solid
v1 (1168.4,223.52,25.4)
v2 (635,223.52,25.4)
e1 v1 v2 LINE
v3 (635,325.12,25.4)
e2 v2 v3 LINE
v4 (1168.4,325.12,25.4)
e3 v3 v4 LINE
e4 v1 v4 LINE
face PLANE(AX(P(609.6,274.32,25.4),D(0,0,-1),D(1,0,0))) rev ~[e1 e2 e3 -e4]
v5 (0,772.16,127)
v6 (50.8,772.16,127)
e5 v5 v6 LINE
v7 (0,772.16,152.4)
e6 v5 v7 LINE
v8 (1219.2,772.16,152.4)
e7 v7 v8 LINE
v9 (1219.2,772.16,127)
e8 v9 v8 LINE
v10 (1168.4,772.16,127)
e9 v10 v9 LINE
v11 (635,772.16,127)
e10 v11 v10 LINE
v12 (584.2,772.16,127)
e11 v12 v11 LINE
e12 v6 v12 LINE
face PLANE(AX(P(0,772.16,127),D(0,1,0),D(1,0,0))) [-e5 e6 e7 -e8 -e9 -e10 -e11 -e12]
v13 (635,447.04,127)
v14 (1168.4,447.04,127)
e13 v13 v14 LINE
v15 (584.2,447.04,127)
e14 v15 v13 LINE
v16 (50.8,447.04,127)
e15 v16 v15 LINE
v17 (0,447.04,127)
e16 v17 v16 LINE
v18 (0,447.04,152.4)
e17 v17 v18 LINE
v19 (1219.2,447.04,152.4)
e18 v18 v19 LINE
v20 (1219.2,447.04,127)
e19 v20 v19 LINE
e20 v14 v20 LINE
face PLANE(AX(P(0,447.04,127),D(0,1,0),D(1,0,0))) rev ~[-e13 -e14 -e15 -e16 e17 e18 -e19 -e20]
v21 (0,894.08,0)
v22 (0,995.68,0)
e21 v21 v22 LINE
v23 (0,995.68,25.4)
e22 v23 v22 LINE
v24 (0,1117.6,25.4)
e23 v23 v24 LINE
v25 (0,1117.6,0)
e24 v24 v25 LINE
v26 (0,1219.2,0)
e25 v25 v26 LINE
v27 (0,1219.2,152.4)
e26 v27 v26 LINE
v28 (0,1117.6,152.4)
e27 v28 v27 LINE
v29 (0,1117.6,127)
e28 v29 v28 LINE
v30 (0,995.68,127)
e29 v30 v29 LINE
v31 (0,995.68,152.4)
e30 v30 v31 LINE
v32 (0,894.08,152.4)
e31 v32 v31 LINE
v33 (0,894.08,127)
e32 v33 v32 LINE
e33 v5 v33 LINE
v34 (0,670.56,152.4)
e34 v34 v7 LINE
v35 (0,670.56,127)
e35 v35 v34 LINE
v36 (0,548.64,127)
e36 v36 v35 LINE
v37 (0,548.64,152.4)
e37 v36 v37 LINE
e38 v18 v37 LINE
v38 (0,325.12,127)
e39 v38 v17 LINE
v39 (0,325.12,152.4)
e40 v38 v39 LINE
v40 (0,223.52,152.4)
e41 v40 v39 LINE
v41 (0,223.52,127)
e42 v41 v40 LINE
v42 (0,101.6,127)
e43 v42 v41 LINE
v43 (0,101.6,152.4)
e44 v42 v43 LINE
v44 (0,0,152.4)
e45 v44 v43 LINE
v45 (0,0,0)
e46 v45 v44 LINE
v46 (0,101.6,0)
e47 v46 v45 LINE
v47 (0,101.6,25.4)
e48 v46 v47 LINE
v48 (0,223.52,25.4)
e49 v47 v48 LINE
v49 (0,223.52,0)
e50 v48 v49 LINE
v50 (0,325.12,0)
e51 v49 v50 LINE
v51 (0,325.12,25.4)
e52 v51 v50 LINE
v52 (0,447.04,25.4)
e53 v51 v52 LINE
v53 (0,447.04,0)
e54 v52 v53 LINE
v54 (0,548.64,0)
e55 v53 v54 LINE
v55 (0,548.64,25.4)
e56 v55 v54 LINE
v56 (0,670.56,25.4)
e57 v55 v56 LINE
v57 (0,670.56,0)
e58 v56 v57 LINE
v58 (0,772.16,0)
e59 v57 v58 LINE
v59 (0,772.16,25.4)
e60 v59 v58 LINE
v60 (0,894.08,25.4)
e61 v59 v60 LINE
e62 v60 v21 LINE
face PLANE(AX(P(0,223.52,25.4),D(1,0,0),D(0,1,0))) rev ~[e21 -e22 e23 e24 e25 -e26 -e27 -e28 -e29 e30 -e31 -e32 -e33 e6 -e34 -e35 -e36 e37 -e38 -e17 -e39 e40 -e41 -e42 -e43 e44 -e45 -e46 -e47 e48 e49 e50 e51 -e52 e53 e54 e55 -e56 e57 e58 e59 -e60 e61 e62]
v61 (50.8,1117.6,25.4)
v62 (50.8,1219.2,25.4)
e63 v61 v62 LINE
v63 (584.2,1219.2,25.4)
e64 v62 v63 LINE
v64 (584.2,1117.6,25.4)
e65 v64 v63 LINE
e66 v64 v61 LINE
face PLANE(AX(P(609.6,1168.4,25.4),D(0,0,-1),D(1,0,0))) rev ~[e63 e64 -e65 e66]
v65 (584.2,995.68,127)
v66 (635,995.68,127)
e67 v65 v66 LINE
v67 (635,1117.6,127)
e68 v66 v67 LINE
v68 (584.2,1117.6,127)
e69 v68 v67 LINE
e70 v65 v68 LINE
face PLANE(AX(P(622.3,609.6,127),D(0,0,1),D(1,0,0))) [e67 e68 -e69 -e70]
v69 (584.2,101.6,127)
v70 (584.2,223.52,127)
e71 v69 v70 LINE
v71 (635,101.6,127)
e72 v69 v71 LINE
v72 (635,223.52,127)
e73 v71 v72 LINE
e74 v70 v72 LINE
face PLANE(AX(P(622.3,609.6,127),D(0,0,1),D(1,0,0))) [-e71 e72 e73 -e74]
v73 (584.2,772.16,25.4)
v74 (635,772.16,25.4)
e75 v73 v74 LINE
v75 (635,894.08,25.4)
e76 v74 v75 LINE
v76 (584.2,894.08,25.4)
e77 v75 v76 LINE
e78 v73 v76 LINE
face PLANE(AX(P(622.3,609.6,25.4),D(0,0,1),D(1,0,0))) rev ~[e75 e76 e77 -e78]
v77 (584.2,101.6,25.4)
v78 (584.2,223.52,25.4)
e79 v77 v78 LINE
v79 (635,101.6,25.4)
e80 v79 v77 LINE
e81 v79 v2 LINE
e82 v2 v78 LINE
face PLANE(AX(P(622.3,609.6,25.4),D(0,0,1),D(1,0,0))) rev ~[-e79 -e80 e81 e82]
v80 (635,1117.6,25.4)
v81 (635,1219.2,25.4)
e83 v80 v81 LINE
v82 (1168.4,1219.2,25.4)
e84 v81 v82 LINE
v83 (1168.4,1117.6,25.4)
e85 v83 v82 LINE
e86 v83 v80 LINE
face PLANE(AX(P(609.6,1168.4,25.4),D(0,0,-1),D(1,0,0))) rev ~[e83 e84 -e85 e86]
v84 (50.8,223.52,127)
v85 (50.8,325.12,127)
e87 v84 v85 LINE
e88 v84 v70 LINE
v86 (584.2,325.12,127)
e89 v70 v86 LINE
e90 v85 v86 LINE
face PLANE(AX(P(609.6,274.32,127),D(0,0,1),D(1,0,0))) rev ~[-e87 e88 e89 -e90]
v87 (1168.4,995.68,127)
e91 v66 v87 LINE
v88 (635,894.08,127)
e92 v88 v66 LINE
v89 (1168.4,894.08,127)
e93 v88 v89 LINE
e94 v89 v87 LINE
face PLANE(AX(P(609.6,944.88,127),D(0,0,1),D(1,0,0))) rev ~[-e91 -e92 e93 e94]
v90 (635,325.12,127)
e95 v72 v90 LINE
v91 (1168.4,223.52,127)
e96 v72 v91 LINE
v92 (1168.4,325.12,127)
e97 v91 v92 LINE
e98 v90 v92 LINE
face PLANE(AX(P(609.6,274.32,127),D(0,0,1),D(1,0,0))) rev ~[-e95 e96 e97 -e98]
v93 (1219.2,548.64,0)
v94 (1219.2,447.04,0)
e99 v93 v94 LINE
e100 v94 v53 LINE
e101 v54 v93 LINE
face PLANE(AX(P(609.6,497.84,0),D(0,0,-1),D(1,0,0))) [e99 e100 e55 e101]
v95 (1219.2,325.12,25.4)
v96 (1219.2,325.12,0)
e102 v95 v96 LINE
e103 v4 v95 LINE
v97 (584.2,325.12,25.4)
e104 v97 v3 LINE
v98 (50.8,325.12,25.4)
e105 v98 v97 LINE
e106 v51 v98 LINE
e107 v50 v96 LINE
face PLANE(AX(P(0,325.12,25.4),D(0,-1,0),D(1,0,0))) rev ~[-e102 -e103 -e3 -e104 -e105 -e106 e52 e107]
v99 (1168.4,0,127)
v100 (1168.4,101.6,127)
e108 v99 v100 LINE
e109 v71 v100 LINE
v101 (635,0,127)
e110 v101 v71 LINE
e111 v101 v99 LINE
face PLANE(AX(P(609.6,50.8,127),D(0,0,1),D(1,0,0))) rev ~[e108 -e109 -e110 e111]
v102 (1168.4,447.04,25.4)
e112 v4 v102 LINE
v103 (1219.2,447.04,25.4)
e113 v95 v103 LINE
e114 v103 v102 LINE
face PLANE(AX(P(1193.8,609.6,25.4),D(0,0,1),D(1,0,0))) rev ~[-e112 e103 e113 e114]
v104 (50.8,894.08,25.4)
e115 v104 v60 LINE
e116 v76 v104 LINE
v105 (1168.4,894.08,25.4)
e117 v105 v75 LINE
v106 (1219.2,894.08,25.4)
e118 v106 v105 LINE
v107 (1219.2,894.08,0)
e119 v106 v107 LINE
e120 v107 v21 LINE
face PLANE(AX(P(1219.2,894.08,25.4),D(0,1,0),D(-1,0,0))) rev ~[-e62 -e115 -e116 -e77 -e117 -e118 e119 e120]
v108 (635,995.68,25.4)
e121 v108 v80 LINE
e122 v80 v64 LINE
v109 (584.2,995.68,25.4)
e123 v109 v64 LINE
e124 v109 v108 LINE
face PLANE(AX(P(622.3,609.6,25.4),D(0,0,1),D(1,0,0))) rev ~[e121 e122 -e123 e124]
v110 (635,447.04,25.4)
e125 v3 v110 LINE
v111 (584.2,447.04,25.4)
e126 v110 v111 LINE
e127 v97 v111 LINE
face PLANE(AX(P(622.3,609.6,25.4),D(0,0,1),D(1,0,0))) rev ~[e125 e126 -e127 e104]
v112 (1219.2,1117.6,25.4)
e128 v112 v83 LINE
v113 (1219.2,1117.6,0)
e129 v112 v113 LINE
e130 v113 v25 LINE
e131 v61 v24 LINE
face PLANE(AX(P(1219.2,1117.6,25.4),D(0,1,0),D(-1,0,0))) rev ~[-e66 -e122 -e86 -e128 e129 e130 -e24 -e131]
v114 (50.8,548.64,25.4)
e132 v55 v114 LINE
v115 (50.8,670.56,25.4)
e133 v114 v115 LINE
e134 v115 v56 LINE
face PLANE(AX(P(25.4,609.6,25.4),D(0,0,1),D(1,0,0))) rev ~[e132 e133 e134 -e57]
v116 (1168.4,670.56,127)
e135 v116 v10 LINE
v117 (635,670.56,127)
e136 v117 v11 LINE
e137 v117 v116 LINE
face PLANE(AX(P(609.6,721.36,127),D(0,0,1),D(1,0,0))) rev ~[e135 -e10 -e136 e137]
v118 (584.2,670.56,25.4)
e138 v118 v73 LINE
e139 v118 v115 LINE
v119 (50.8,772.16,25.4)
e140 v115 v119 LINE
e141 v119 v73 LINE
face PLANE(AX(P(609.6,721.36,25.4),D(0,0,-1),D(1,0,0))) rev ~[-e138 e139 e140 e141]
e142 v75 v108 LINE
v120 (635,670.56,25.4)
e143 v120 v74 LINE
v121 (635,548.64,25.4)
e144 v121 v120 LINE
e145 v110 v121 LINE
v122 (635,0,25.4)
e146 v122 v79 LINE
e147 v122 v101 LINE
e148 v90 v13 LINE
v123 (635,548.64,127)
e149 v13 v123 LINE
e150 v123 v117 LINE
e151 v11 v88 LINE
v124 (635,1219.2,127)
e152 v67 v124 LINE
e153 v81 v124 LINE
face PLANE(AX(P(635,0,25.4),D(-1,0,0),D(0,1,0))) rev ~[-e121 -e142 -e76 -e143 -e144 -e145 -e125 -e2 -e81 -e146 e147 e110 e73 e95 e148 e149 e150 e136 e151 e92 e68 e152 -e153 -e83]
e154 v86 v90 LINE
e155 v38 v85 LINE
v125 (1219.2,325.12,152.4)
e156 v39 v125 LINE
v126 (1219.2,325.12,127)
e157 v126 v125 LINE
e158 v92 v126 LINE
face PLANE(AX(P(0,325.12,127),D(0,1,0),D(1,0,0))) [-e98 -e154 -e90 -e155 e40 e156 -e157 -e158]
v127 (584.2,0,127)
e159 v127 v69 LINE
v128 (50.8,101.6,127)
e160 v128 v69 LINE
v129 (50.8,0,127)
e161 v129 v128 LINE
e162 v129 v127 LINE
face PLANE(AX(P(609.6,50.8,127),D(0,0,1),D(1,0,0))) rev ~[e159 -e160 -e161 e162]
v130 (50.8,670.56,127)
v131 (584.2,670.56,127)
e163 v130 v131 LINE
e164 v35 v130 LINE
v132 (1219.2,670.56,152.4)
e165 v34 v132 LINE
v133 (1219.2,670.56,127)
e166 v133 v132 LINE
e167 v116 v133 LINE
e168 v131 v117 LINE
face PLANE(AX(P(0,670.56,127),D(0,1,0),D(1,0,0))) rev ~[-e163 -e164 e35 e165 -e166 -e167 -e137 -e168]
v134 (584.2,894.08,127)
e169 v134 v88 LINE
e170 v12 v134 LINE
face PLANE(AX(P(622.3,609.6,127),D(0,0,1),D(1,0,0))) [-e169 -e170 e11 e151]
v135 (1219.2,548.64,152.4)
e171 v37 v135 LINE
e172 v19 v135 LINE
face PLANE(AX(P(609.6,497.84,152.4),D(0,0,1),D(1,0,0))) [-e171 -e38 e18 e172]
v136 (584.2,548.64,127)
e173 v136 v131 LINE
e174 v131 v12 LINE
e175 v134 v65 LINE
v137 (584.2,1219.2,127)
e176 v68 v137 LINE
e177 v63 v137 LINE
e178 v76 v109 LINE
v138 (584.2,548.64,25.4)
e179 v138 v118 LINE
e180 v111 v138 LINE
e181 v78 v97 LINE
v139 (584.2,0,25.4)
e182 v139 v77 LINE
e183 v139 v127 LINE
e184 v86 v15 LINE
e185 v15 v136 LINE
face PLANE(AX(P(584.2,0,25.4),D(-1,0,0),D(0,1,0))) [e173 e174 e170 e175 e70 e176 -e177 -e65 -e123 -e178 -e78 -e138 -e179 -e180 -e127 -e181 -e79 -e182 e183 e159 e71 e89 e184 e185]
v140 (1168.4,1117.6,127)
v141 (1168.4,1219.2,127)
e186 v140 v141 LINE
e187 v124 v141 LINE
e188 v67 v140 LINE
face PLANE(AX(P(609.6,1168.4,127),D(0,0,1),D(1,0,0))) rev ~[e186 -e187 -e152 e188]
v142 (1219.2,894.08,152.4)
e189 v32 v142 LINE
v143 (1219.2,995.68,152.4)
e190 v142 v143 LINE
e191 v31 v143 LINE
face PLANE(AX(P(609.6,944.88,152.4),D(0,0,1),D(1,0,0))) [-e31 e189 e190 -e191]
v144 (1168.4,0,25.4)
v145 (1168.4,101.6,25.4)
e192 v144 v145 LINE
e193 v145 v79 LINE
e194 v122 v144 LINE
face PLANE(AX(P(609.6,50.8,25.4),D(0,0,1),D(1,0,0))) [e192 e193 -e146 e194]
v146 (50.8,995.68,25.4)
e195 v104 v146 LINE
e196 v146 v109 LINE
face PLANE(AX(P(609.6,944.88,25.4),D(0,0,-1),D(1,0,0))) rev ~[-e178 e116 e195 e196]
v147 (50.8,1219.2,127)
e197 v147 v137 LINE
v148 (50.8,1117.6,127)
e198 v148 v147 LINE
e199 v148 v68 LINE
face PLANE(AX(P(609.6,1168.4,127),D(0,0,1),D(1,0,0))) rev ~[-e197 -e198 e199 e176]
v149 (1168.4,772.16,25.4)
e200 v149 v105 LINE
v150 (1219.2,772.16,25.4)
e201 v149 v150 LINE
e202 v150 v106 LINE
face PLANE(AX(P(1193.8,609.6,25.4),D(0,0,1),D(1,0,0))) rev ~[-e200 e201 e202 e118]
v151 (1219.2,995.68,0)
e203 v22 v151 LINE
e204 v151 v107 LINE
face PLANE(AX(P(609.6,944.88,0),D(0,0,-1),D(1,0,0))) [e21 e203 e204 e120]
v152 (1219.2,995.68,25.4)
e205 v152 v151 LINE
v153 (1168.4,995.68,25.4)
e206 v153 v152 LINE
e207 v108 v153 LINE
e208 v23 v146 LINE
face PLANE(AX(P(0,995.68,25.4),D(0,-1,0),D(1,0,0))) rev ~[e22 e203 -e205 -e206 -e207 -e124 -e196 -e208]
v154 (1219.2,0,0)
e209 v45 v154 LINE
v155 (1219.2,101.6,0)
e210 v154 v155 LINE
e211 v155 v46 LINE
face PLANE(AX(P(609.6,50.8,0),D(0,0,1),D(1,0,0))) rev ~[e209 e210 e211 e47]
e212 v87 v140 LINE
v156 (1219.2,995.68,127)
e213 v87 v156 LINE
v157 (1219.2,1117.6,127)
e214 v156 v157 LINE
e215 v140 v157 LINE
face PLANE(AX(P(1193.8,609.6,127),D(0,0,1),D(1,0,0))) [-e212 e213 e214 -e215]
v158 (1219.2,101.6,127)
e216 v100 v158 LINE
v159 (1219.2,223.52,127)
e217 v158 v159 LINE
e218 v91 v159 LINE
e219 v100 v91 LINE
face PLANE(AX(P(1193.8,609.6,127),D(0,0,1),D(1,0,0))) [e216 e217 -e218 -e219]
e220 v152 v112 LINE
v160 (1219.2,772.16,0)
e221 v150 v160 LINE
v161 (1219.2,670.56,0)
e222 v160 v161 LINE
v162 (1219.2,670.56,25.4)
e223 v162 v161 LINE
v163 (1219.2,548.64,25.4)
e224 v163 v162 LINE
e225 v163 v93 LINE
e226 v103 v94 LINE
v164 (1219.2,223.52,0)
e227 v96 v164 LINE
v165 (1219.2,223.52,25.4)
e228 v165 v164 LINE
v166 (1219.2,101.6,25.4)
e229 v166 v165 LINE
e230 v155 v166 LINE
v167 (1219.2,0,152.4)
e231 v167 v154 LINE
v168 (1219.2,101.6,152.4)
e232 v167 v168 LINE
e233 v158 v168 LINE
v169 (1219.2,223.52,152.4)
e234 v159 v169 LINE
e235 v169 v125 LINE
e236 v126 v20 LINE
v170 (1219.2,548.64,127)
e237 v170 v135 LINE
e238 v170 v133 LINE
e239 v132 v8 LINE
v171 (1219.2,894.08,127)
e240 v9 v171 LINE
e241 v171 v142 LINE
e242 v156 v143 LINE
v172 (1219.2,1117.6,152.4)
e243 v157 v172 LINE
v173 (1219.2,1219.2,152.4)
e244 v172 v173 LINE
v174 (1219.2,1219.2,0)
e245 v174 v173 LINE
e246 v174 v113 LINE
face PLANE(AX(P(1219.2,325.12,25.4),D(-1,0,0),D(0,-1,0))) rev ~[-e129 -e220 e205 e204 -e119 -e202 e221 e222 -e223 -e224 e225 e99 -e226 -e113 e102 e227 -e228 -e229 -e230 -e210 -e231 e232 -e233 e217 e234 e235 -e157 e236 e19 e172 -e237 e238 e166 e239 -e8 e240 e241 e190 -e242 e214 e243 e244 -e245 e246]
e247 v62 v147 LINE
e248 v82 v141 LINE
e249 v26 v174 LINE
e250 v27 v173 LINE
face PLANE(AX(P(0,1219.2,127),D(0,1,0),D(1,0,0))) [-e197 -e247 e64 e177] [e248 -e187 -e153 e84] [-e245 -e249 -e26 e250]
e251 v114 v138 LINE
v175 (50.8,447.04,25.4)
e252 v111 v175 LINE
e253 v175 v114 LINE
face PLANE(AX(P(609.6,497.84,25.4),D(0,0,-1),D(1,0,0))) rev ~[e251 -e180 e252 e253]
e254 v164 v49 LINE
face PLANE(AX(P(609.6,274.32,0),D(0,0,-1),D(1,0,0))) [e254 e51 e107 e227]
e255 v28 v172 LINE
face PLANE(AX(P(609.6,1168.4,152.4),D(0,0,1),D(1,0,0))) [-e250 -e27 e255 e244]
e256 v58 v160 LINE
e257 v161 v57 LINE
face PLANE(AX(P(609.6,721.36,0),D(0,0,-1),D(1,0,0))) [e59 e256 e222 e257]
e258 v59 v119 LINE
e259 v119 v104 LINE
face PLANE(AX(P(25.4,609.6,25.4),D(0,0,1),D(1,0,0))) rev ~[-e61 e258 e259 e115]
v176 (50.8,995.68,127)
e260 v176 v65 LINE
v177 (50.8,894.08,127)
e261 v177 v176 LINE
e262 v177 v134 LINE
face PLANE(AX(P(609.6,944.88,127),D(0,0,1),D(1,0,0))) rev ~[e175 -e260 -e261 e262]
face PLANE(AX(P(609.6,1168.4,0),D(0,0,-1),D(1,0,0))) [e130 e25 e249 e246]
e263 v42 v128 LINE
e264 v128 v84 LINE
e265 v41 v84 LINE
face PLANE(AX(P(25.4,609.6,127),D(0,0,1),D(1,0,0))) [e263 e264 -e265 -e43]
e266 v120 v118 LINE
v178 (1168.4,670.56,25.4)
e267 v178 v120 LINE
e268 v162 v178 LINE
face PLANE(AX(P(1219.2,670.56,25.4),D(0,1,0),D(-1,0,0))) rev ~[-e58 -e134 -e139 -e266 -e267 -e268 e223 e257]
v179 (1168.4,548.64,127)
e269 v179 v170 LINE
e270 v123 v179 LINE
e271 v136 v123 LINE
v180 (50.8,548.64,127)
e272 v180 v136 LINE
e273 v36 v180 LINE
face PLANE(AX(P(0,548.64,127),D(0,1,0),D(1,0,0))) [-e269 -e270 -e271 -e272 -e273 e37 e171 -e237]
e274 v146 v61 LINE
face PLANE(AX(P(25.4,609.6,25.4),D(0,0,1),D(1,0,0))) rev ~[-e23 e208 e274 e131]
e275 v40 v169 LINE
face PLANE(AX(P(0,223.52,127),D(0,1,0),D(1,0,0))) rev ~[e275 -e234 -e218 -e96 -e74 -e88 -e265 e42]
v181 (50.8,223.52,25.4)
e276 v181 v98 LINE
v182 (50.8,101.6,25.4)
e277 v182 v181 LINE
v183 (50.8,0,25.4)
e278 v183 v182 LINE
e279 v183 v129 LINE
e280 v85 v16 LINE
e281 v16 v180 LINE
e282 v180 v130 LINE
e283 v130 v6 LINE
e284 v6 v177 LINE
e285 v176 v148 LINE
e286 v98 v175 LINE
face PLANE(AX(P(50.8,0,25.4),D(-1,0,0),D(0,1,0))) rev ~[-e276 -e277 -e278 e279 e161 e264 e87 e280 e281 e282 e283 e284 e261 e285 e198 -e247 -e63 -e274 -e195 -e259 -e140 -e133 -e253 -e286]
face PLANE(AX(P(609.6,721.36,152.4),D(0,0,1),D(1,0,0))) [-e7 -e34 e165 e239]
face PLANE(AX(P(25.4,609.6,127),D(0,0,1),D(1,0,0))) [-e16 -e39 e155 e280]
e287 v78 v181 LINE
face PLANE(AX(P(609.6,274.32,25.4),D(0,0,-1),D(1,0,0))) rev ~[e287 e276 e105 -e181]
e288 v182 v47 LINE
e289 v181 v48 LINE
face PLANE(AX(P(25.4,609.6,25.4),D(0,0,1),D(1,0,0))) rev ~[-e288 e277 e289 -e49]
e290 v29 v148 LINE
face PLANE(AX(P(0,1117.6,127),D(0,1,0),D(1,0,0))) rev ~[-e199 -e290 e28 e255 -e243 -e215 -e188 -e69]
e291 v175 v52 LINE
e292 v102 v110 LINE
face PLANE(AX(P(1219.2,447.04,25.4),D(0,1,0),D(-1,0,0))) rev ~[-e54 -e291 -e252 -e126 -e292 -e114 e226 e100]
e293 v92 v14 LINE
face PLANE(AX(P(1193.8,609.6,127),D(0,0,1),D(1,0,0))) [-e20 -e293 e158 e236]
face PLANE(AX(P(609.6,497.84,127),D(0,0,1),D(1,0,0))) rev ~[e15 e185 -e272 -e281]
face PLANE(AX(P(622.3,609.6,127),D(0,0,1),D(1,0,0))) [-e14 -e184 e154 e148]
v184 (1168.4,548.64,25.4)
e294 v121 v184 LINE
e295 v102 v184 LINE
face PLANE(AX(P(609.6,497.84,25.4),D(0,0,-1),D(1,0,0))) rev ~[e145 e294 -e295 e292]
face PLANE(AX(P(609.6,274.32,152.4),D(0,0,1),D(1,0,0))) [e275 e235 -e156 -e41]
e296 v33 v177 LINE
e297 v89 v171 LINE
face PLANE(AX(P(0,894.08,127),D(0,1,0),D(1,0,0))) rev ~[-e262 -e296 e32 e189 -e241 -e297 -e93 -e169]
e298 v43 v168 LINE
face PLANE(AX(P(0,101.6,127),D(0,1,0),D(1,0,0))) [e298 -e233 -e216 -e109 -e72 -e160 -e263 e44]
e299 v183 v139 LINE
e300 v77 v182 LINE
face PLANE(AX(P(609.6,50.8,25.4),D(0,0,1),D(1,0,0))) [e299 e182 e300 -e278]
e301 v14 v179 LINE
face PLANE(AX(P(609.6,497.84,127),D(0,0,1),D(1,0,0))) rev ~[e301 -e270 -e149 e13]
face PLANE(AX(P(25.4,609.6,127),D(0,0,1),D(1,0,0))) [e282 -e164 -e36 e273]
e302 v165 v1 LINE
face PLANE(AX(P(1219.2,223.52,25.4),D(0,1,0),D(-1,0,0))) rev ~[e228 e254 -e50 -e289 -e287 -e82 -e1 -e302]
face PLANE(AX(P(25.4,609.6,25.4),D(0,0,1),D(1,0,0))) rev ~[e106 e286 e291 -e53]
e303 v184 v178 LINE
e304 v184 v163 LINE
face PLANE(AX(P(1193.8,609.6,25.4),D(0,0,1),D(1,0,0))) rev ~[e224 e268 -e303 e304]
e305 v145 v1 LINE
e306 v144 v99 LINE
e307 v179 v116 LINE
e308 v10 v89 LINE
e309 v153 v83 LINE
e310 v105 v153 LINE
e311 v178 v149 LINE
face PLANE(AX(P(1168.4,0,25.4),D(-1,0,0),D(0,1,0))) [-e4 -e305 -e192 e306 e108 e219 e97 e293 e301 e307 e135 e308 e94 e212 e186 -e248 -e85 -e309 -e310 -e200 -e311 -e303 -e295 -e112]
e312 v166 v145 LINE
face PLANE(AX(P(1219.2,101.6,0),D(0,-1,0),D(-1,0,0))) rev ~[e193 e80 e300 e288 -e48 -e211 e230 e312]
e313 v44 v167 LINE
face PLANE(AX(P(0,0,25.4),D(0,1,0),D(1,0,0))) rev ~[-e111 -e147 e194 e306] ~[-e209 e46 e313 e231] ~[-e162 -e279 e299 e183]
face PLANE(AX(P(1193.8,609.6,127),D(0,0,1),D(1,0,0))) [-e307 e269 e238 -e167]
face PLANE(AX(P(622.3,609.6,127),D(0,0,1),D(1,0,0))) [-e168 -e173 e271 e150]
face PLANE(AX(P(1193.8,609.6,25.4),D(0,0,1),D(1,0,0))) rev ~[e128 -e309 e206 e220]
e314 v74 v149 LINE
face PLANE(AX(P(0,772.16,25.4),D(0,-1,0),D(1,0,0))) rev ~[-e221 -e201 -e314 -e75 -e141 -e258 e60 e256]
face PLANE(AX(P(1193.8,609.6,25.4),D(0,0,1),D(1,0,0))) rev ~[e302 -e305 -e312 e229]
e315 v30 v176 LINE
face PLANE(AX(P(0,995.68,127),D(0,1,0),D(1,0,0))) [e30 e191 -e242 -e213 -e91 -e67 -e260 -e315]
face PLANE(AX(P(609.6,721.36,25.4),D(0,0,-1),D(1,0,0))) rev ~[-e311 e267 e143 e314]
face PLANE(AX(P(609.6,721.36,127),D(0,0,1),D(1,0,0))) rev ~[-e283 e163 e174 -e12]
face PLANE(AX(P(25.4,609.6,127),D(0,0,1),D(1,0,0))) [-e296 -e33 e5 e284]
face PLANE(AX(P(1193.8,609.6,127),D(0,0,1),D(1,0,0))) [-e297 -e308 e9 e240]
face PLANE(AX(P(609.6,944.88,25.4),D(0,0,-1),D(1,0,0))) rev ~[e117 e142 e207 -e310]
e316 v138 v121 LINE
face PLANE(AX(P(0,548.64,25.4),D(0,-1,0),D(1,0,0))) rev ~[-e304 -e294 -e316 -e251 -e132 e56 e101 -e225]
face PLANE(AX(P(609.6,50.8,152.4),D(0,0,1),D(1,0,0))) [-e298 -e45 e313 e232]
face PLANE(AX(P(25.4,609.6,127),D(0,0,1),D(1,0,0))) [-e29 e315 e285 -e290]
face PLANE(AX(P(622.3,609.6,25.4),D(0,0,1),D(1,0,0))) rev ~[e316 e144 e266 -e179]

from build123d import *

# Parameters (mm, degrees)
F1_DEPTH = 25.4
F2_W     = 50.8
F2_H     = 1219.2
F2_W_2   = 25.4
F3_DEPTH = 101.6
F4_W     = 1219.2
F4_H     = 101.6
F5_DEPTH = 25.4
F7_DEPTH = 25.4


with BuildPart() as f1:
    # F0 (on Top) → F1 (new body)
    with BuildSketch(Plane.XY):
        Polygon((0, 101.6), (0, 0), (1219.2, 0), (1219.2, 101.6), (609.6, 101.6), align=None)
    extrude(amount=F1_DEPTH)

    # F2 (on face) → F3 (join)
    with BuildSketch(Plane.XY.offset(25.4)):
        with Locations((25.4, 609.6)):
            Rectangle(F2_W, F2_H)
        with Locations((622.3, 609.6)):
            Rectangle(F2_W_2, F2_H)
        with Locations((596.9, 609.6)):
            Rectangle(F2_W_2, F2_H)
        with Locations((1193.8, 609.6)):
            Rectangle(F2_W, F2_H)
    extrude(amount=F3_DEPTH)

    # F4 (on face) → F5 (join)
    with BuildSketch(Plane.XY.offset(127)):
        with Locations((609.6, 1168.4)):
            Rectangle(F4_W, F4_H)
        with Locations((609.6, 944.88)):
            Rectangle(F4_W, F4_H)
        with Locations((609.6, 721.36)):
            Rectangle(F4_W, F4_H)
        with Locations((609.6, 497.84)):
            Rectangle(F4_W, F4_H)
        with Locations((609.6, 274.32)):
            Rectangle(F4_W, F4_H)
        with Locations((609.6, 50.8)):
            Rectangle(F4_W, F4_H)
    extrude(amount=F5_DEPTH)

    # F6 (on face) → F7 (join)
    with BuildSketch(Plane(origin=(0, 0, 25.4), x_dir=(1, 0, 0), z_dir=(0, 0, -1))):
        Polygon((0, -325.12), (609.6, -325.12), (1219.2, -325.12), (1219.2, -223.52), (609.6, -223.52), (0, -223.52), align=None)
        Polygon((0, -447.04), (0, -548.64), (609.6, -548.64), (1219.2, -548.64), (1219.2, -447.04), (609.6, -447.04), align=None)
        Polygon((0, -670.56), (0, -772.16), (609.6, -772.16), (1219.2, -772.16), (1219.2, -670.56), (609.6, -670.56), align=None)
        Polygon((0, -894.08), (0, -995.68), (609.6, -995.68), (1219.2, -995.68), (1219.2, -894.08), (609.6, -894.08), align=None)
        Polygon((0, -1219.2), (1219.2, -1219.2), (1219.2, -1117.6), (609.6, -1117.6), (0, -1117.6), align=None)
    extrude(amount=F7_DEPTH)


solid = f1.part
